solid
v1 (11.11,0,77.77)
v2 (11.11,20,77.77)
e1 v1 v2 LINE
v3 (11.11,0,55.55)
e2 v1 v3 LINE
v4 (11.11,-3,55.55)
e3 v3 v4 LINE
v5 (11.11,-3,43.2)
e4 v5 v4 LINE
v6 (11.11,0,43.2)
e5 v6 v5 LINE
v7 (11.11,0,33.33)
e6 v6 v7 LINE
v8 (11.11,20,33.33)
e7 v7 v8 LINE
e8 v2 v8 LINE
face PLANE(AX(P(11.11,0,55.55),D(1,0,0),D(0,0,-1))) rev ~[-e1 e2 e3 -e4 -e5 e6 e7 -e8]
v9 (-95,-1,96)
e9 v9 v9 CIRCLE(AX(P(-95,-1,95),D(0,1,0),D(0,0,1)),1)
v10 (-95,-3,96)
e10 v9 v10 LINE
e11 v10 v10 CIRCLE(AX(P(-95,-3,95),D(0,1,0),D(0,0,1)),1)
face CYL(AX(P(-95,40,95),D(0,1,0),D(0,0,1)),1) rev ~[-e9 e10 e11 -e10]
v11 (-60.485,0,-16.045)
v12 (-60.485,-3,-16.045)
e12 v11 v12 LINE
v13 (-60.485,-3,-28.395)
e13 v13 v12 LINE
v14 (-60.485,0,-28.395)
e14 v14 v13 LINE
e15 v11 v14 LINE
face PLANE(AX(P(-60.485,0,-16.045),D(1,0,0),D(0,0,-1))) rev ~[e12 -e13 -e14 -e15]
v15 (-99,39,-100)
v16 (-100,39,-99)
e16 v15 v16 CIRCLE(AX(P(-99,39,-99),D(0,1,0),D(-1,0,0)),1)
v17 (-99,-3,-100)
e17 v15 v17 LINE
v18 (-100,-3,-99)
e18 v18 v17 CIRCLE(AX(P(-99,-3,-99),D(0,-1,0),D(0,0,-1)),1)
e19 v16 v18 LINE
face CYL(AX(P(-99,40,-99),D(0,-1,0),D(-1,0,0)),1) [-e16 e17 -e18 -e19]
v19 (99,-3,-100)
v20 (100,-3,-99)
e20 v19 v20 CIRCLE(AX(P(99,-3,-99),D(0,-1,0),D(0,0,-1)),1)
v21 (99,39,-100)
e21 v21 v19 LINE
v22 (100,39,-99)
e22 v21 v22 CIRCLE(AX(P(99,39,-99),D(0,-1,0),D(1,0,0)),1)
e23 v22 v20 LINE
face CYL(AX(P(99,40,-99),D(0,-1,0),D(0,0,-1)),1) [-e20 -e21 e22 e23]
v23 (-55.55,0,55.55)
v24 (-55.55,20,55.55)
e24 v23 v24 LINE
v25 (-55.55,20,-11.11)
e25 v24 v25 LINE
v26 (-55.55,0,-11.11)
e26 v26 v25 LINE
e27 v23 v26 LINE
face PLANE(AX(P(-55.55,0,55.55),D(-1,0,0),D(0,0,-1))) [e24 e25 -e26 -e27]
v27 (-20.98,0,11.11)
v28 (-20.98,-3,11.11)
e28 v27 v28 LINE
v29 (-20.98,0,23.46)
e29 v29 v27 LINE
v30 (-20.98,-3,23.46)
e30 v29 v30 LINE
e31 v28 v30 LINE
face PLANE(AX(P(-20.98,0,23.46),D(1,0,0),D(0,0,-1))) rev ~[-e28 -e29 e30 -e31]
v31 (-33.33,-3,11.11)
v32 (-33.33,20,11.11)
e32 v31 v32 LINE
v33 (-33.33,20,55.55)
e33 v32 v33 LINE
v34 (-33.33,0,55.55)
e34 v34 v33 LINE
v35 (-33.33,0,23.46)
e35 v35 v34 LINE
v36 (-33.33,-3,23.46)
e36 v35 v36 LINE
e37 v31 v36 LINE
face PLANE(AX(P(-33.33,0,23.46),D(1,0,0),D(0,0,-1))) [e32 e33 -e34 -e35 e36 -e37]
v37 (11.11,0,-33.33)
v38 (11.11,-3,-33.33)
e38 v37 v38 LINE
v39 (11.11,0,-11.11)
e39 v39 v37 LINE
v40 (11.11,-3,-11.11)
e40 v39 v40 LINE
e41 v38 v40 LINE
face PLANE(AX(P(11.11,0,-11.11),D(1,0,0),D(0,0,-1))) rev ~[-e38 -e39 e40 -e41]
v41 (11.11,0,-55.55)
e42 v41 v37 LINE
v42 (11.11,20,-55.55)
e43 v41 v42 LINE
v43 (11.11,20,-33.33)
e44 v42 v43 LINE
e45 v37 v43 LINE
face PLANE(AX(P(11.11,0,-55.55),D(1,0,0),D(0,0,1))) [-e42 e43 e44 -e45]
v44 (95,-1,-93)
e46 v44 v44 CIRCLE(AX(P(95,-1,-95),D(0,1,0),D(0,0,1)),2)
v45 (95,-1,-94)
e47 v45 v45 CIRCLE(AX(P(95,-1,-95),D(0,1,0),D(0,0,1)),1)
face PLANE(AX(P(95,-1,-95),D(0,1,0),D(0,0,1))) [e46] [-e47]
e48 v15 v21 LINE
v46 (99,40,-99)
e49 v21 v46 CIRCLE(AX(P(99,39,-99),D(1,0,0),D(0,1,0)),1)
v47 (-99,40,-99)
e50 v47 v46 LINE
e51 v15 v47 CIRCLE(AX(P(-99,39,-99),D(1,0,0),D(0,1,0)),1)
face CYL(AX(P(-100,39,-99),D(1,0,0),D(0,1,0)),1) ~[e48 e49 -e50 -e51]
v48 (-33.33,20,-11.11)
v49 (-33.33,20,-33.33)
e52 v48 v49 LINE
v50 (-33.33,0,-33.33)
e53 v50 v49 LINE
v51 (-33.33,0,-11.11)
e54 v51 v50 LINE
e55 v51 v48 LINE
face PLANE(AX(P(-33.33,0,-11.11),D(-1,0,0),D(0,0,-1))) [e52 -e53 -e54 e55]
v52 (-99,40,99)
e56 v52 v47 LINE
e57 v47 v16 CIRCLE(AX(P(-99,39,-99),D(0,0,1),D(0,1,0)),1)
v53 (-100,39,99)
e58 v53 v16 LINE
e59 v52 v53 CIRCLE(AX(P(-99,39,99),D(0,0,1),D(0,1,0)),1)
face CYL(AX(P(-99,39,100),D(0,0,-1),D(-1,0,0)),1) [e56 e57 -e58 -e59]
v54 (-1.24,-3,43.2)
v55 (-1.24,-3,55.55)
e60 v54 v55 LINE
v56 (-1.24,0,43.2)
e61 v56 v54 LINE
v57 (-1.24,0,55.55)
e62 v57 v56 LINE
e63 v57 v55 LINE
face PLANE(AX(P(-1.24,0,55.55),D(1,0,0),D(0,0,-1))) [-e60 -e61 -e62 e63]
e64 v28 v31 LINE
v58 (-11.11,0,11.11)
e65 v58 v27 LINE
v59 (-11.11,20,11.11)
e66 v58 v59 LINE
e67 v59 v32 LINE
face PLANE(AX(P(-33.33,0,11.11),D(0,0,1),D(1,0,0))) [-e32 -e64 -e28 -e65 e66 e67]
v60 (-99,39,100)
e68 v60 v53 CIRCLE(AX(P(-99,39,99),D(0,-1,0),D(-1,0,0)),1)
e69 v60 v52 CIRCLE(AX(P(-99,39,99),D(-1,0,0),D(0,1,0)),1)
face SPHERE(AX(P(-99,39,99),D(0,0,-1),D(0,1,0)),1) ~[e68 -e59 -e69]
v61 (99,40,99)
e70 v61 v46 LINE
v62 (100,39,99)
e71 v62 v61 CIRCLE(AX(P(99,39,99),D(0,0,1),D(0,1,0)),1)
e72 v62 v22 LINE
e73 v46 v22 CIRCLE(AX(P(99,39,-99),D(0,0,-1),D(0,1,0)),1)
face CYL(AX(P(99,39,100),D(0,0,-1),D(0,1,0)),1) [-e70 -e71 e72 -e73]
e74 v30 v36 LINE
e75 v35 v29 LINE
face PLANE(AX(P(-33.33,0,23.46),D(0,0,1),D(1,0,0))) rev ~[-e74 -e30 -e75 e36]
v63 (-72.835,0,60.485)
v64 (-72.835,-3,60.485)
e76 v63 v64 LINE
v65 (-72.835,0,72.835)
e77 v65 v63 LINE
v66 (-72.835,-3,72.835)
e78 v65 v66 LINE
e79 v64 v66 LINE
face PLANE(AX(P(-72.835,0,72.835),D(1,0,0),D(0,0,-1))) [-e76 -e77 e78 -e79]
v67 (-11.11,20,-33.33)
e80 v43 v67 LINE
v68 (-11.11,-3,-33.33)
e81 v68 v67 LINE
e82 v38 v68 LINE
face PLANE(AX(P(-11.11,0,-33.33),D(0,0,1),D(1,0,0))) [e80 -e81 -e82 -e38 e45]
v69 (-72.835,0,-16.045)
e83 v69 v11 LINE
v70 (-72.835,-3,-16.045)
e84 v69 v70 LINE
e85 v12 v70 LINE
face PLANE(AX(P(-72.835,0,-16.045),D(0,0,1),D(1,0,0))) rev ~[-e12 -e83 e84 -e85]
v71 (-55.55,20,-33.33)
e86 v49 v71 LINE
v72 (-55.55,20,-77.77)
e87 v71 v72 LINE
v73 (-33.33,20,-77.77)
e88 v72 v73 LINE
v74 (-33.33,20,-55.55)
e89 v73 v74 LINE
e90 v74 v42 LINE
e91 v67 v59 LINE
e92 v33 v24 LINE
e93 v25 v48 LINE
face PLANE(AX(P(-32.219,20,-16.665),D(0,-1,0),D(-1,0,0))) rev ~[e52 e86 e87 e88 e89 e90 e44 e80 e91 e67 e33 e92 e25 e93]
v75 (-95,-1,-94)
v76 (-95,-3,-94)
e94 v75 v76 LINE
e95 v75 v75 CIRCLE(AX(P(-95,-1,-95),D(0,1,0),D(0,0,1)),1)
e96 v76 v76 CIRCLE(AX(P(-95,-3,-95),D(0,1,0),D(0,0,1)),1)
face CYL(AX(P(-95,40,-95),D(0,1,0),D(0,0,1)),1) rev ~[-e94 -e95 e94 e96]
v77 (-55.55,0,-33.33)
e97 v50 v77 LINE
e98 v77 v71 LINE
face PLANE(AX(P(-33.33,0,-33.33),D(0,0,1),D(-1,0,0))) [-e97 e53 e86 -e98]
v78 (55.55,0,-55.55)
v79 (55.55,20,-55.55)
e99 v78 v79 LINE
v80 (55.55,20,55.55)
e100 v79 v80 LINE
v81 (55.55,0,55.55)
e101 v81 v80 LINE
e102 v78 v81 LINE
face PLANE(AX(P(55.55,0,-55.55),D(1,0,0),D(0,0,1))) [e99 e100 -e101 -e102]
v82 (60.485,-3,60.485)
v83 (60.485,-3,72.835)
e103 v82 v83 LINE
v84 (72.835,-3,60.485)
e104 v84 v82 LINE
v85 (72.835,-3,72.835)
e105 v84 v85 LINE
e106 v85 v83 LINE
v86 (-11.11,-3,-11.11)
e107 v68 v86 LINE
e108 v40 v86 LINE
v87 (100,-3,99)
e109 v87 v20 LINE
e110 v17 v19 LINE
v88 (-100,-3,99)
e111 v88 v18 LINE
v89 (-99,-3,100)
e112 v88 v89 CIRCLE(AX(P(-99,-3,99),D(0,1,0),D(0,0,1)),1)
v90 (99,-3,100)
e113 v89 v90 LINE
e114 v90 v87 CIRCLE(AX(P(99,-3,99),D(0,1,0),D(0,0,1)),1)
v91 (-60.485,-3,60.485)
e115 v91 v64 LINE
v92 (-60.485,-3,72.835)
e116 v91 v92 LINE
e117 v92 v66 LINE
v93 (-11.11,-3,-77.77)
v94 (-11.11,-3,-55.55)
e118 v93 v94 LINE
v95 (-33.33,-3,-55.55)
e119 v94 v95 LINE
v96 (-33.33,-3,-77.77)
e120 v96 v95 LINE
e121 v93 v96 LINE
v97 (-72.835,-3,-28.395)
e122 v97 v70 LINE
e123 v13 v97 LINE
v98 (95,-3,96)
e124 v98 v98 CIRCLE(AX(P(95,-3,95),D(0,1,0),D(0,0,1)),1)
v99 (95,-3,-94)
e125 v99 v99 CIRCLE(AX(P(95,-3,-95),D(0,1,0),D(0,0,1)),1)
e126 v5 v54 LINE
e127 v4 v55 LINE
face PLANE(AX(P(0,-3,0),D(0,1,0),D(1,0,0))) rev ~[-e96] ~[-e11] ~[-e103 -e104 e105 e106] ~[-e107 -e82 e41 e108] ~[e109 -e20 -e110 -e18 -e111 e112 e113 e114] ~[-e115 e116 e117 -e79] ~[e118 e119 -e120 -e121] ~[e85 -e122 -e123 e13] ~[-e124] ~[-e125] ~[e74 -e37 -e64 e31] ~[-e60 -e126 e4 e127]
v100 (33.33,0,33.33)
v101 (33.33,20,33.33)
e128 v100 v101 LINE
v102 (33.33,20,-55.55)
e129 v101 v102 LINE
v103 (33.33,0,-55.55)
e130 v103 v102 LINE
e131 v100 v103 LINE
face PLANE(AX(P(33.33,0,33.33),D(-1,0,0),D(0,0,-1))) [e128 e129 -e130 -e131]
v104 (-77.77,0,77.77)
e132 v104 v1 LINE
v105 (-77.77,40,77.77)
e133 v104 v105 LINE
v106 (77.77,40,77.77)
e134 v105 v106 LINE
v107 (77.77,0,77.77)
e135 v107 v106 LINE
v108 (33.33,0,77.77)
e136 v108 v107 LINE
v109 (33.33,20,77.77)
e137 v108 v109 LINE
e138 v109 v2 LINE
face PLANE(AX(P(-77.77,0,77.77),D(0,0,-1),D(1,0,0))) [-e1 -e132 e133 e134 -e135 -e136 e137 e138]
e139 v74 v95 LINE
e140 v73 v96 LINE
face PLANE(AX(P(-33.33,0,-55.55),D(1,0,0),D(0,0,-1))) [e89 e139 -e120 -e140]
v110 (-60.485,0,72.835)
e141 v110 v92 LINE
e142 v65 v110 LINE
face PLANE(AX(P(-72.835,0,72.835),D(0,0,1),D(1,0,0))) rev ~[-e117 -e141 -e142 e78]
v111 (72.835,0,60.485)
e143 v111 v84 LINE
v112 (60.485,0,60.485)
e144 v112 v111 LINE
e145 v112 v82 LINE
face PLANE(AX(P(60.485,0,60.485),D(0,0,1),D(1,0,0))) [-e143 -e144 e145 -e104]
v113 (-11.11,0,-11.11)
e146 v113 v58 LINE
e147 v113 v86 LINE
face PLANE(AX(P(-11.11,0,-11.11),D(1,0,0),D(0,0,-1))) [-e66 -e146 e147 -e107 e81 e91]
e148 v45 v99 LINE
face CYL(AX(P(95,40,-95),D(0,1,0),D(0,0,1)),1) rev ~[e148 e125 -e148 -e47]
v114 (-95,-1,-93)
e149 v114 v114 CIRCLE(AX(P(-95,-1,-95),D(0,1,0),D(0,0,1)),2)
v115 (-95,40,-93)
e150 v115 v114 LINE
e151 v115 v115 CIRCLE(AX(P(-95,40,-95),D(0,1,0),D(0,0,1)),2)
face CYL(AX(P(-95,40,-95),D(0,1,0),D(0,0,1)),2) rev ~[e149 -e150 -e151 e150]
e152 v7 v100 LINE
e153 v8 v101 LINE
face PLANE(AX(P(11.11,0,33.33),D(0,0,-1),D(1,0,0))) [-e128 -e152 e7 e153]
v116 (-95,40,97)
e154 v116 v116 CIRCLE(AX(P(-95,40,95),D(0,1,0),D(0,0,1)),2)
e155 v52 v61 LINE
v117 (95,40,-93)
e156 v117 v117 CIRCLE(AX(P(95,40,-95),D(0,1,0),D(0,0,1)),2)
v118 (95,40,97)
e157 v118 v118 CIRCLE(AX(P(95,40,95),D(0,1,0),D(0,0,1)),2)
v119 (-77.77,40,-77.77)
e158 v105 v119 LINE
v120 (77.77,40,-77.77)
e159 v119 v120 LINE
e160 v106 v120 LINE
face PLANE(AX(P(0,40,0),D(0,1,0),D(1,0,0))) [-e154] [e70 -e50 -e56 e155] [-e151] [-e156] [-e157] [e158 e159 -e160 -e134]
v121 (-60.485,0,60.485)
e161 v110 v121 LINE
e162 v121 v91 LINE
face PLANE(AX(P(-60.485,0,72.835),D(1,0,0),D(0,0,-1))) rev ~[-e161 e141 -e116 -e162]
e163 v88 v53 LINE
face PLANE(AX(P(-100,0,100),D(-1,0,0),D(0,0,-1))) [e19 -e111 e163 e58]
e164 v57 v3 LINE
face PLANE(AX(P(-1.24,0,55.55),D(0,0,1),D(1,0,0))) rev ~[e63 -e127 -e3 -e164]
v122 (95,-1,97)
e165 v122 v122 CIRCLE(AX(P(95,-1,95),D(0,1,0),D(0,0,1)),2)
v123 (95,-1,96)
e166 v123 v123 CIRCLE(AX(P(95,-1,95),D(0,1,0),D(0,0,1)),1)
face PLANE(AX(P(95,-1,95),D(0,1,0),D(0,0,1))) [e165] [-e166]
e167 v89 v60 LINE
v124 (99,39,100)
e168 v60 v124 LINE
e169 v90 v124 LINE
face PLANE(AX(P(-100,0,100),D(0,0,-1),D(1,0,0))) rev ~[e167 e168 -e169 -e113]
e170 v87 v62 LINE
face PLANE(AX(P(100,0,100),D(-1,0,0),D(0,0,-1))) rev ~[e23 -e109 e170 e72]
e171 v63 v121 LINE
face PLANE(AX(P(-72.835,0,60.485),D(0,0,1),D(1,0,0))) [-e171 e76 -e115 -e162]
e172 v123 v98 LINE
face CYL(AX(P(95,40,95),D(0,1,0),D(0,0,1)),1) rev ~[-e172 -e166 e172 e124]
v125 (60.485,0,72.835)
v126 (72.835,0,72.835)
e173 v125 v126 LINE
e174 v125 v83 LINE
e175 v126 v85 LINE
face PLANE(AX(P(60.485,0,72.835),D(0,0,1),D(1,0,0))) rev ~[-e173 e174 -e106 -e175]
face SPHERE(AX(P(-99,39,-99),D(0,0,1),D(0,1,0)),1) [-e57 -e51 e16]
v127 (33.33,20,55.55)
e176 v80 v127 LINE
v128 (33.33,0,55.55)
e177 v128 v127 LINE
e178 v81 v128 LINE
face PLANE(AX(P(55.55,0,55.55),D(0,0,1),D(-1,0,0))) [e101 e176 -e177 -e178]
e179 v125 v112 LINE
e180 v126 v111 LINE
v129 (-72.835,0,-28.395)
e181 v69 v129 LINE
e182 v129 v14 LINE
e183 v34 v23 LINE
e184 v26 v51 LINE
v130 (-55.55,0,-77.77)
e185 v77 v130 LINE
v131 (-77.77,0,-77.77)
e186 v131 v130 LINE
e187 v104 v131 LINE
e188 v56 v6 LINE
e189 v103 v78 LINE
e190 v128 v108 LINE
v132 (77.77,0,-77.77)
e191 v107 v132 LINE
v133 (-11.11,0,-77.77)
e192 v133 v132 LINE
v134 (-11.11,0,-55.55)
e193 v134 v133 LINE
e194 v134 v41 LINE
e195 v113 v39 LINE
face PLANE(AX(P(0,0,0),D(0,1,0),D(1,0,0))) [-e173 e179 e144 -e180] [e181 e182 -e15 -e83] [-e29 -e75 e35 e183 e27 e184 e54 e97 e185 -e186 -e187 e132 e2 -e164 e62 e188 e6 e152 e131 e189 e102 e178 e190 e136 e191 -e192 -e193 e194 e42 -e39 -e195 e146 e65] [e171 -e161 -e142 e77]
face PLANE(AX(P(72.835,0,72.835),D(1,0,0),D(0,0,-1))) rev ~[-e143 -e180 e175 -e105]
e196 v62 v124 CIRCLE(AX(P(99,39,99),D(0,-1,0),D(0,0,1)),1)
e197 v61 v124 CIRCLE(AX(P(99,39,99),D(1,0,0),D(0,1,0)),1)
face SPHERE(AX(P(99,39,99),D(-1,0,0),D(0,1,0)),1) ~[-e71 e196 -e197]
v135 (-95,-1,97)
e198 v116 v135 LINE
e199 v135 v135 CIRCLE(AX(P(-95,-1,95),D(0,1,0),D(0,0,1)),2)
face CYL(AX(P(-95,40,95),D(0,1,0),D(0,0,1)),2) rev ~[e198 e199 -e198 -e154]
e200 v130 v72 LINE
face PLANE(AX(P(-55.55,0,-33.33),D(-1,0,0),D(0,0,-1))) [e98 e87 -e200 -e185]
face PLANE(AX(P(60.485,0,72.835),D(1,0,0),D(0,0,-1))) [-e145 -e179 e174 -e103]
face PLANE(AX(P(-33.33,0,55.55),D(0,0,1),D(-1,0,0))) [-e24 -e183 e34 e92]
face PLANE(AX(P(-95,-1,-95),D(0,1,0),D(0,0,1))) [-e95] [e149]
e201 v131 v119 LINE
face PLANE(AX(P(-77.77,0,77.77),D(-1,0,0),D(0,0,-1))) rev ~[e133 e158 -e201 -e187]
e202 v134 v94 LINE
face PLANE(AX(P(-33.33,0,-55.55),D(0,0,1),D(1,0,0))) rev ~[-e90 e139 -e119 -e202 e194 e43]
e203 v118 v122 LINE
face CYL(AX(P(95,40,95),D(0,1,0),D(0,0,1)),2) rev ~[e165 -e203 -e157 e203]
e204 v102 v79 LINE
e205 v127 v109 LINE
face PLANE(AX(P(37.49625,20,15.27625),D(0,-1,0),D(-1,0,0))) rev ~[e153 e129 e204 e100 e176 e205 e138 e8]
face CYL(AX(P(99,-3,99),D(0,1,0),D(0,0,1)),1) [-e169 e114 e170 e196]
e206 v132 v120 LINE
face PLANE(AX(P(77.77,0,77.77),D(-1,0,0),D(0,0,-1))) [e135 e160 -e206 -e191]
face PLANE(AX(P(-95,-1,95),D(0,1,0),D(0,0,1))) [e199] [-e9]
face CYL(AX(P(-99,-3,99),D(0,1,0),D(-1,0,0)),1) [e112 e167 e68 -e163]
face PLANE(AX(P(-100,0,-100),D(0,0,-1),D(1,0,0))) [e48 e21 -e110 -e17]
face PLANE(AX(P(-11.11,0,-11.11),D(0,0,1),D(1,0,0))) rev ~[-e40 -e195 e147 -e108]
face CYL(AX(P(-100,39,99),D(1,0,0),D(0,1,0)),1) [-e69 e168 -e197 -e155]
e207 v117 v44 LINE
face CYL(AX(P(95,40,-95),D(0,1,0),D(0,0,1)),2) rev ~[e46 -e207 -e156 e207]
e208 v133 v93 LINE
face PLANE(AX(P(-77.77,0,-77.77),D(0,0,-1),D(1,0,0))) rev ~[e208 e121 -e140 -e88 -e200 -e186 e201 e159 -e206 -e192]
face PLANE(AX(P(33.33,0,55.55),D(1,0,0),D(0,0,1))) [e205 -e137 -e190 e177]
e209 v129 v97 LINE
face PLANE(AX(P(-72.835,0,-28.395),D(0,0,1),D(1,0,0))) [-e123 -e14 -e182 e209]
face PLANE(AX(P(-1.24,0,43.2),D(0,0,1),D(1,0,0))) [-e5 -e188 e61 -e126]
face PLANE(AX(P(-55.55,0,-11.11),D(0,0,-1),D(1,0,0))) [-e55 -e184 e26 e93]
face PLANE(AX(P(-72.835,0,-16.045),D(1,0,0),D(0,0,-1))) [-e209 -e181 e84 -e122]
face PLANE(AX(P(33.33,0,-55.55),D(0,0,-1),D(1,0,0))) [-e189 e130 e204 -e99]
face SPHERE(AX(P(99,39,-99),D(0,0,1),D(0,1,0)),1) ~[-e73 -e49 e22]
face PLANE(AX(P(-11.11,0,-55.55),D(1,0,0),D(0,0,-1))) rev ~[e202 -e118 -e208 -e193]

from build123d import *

# Parameters (mm, degrees)
ESQUISSE2_W             = 200
ESQUISSE2_H             = 200
BOSS_EXTRU_1_DEPTH      = 3
ESQUISSE3_W             = 200
ESQUISSE3_H             = 200
ESQUISSE3_W_2           = 155.54
ESQUISSE3_H_2           = 155.54
BOSS_EXTRU_2_DEPTH      = 40
BOSS_EXTRU_3_DEPTH      = 20
ENL_V_MAT_EXTRU_1_REACH = 5
ESQUISSE5_W             = 22.22
ESQUISSE5_H             = 22.22
ESQUISSE5_W_2           = 12.35
ESQUISSE5_H_2           = 12.35
CONG_1_R                = 1
ESQUISSE6_R             = 1
ENL_V_MAT_EXTRU_2_DEPTH = 44
ESQUISSE7_R             = 2
ENL_V_MAT_EXTRU_3_DEPTH = 41


with BuildPart() as part:
    # Esquisse2 → Boss.-Extru.1 (new body)
    with BuildSketch(Plane(origin=(0, 0, 0), x_dir=(1, 0, 0), z_dir=(0, 1, 0))):
        Rectangle(ESQUISSE2_W, ESQUISSE2_H)
    extrude(amount=-BOSS_EXTRU_1_DEPTH)

    # Esquisse3 → Boss.-Extru.2 (add)
    with BuildSketch(Plane(origin=(0, 0, 0), x_dir=(1, 0, 0), z_dir=(0, 1, 0))):
        Rectangle(ESQUISSE3_W, ESQUISSE3_H)
        Rectangle(ESQUISSE3_W_2, ESQUISSE3_H_2, mode=Mode.SUBTRACT)
    extrude(amount=BOSS_EXTRU_2_DEPTH)

    # Esquisse4 → Boss.-Extru.3 (add)
    with BuildSketch(Plane(origin=(0, 0, 0), x_dir=(1, 0, 0), z_dir=(0, 1, 0))):
        Polygon((-55.55, 77.77), (-33.33, 77.77), (-33.33, 55.55), (11.11, 55.55), (11.11, 33.33), (-11.11, 33.33), (-11.11, -11.11), (-33.33, -11.11), (-33.33, -55.55), (-55.55, -55.55), (-55.55, 11.11), (-33.33, 11.11), (-33.33, 33.33), (-55.55, 33.33), align=None)
        Polygon((33.33, 55.55), (55.55, 55.55), (55.55, -55.55), (33.33, -55.55), (33.33, -77.77), (11.11, -77.77), (11.11, -33.33), (33.33, -33.33), align=None)
    extrude(amount=BOSS_EXTRU_3_DEPTH)

    # Esquisse5 → Enlèv. mat.-Extru.1 (cut, up to next)
    with BuildSketch(Plane(origin=(0, 0, 0), x_dir=(1, 0, 0), z_dir=(0, 1, 0)), mode=Mode.PRIVATE) as enl_v_mat_extru_1_sk1:
        with Locations((-22.22, 66.66)):
            Rectangle(ESQUISSE5_W, ESQUISSE5_H)
    enl_v_mat_extru_1_tool1 = extrude(enl_v_mat_extru_1_sk1.sketch, amount=-ENL_V_MAT_EXTRU_1_REACH, mode=Mode.PRIVATE) & part.part
    add(enl_v_mat_extru_1_tool1.solids().sort_by_distance((-22.22, 0, -66.66))[0], mode=Mode.SUBTRACT)
    # Esquisse5 → Enlèv. mat.-Extru.1 (cut, up to next)
    with BuildSketch(Plane(origin=(0, 0, 0), x_dir=(1, 0, 0), z_dir=(0, 1, 0)), mode=Mode.PRIVATE) as enl_v_mat_extru_1_sk2:
        with Locations((0, 22.22)):
            Rectangle(ESQUISSE5_W, ESQUISSE5_H)
    enl_v_mat_extru_1_tool2 = extrude(enl_v_mat_extru_1_sk2.sketch, amount=-ENL_V_MAT_EXTRU_1_REACH, mode=Mode.PRIVATE) & part.part
    add(enl_v_mat_extru_1_tool2.solids().sort_by_distance((0, 0, -22.22))[0], mode=Mode.SUBTRACT)
    # Esquisse5 → Enlèv. mat.-Extru.1 (cut, up to next)
    with BuildSketch(Plane(origin=(0, 0, 0), x_dir=(1, 0, 0), z_dir=(0, 1, 0)), mode=Mode.PRIVATE) as enl_v_mat_extru_1_sk3:
        with Locations((-27.155, -17.285)):
            Rectangle(ESQUISSE5_W_2, ESQUISSE5_H_2)
    enl_v_mat_extru_1_tool3 = extrude(enl_v_mat_extru_1_sk3.sketch, amount=-ENL_V_MAT_EXTRU_1_REACH, mode=Mode.PRIVATE) & part.part
    add(enl_v_mat_extru_1_tool3.solids().sort_by_distance((-27.155, 0, 17.285))[0], mode=Mode.SUBTRACT)
    # Esquisse5 → Enlèv. mat.-Extru.1 (cut, up to next)
    with BuildSketch(Plane(origin=(0, 0, 0), x_dir=(1, 0, 0), z_dir=(0, 1, 0)), mode=Mode.PRIVATE) as enl_v_mat_extru_1_sk4:
        with Locations((-66.66, 22.22)):
            Rectangle(ESQUISSE5_W_2, ESQUISSE5_H_2)
    enl_v_mat_extru_1_tool4 = extrude(enl_v_mat_extru_1_sk4.sketch, amount=-ENL_V_MAT_EXTRU_1_REACH, mode=Mode.PRIVATE) & part.part
    add(enl_v_mat_extru_1_tool4.solids().sort_by_distance((-66.66, 0, -22.22))[0], mode=Mode.SUBTRACT)
    # Esquisse5 → Enlèv. mat.-Extru.1 (cut, up to next)
    with BuildSketch(Plane(origin=(0, 0, 0), x_dir=(1, 0, 0), z_dir=(0, 1, 0)), mode=Mode.PRIVATE) as enl_v_mat_extru_1_sk5:
        with Locations((-66.66, -66.66)):
            Rectangle(ESQUISSE5_W_2, ESQUISSE5_H_2)
    enl_v_mat_extru_1_tool5 = extrude(enl_v_mat_extru_1_sk5.sketch, amount=-ENL_V_MAT_EXTRU_1_REACH, mode=Mode.PRIVATE) & part.part
    add(enl_v_mat_extru_1_tool5.solids().sort_by_distance((-66.66, 0, 66.66))[0], mode=Mode.SUBTRACT)
    # Esquisse5 → Enlèv. mat.-Extru.1 (cut, up to next)
    with BuildSketch(Plane(origin=(0, 0, 0), x_dir=(1, 0, 0), z_dir=(0, 1, 0)), mode=Mode.PRIVATE) as enl_v_mat_extru_1_sk6:
        with Locations((66.66, -66.66)):
            Rectangle(ESQUISSE5_W_2, ESQUISSE5_H_2)
    enl_v_mat_extru_1_tool6 = extrude(enl_v_mat_extru_1_sk6.sketch, amount=-ENL_V_MAT_EXTRU_1_REACH, mode=Mode.PRIVATE) & part.part
    add(enl_v_mat_extru_1_tool6.solids().sort_by_distance((66.66, 0, 66.66))[0], mode=Mode.SUBTRACT)
    # Esquisse5 → Enlèv. mat.-Extru.1 (cut, up to next)
    with BuildSketch(Plane(origin=(0, 0, 0), x_dir=(1, 0, 0), z_dir=(0, 1, 0)), mode=Mode.PRIVATE) as enl_v_mat_extru_1_sk7:
        with Locations((4.935, -49.375)):
            Rectangle(ESQUISSE5_W_2, ESQUISSE5_H_2)
    enl_v_mat_extru_1_tool7 = extrude(enl_v_mat_extru_1_sk7.sketch, amount=-ENL_V_MAT_EXTRU_1_REACH, mode=Mode.PRIVATE) & part.part
    add(enl_v_mat_extru_1_tool7.solids().sort_by_distance((4.935, 0, 49.375))[0], mode=Mode.SUBTRACT)

    # Congé1
    cong_1_edges = [part.edges().sort_by_distance(p)[0] for p in [
        (-100, 40, 0),
        (0, 40, 100),
        (100, 40, 0),
        (0, 40, -100),
        (-100, 18.5, -100),
        (100, 18.5, -100),
        (100, 18.5, 100),
        (-100, 18.5, 100),
    ]]
    fillet(cong_1_edges, radius=CONG_1_R)

    # Esquisse6 → Enlèv. mat.-Extru.2 (cut, through all)
    with BuildSketch(Plane(origin=(0, 40, 0), x_dir=(1, 0, 0), z_dir=(0, 1, 0))):
        with Locations(Location((-95, -95, 0), (0, 0, 270))):  # turned: the seam where the file's is
            Circle(ESQUISSE6_R)
        with Locations(Location((95, -95, 0), (0, 0, 270))):  # turned: the seam where the file's is
            Circle(ESQUISSE6_R)
        with Locations(Location((95, 95, 0), (0, 0, 270))):  # turned: the seam where the file's is
            Circle(ESQUISSE6_R)
        with Locations(Location((-95, 95, 0), (0, 0, 270))):  # turned: the seam where the file's is
            Circle(ESQUISSE6_R)
    extrude(amount=-ENL_V_MAT_EXTRU_2_DEPTH, mode=Mode.SUBTRACT)

    # Esquisse7 → Enlèv. mat.-Extru.3 (cut)
    with BuildSketch(Plane(origin=(0, 40, 0), x_dir=(1, 0, 0), z_dir=(0, 1, 0))):
        with Locations(Location((-95, -95, 0), (0, 0, 270))):  # turned: the seam where the file's is
            Circle(ESQUISSE7_R)
        with Locations(Location((-95, 95, 0), (0, 0, 270))):  # turned: the seam where the file's is
            Circle(ESQUISSE7_R)
        with Locations(Location((95, 95, 0), (0, 0, 270))):  # turned: the seam where the file's is
            Circle(ESQUISSE7_R)
        with Locations(Location((95, -95, 0), (0, 0, 270))):  # turned: the seam where the file's is
            Circle(ESQUISSE7_R)
    extrude(amount=-ENL_V_MAT_EXTRU_3_DEPTH, mode=Mode.SUBTRACT)


solid = part.part
